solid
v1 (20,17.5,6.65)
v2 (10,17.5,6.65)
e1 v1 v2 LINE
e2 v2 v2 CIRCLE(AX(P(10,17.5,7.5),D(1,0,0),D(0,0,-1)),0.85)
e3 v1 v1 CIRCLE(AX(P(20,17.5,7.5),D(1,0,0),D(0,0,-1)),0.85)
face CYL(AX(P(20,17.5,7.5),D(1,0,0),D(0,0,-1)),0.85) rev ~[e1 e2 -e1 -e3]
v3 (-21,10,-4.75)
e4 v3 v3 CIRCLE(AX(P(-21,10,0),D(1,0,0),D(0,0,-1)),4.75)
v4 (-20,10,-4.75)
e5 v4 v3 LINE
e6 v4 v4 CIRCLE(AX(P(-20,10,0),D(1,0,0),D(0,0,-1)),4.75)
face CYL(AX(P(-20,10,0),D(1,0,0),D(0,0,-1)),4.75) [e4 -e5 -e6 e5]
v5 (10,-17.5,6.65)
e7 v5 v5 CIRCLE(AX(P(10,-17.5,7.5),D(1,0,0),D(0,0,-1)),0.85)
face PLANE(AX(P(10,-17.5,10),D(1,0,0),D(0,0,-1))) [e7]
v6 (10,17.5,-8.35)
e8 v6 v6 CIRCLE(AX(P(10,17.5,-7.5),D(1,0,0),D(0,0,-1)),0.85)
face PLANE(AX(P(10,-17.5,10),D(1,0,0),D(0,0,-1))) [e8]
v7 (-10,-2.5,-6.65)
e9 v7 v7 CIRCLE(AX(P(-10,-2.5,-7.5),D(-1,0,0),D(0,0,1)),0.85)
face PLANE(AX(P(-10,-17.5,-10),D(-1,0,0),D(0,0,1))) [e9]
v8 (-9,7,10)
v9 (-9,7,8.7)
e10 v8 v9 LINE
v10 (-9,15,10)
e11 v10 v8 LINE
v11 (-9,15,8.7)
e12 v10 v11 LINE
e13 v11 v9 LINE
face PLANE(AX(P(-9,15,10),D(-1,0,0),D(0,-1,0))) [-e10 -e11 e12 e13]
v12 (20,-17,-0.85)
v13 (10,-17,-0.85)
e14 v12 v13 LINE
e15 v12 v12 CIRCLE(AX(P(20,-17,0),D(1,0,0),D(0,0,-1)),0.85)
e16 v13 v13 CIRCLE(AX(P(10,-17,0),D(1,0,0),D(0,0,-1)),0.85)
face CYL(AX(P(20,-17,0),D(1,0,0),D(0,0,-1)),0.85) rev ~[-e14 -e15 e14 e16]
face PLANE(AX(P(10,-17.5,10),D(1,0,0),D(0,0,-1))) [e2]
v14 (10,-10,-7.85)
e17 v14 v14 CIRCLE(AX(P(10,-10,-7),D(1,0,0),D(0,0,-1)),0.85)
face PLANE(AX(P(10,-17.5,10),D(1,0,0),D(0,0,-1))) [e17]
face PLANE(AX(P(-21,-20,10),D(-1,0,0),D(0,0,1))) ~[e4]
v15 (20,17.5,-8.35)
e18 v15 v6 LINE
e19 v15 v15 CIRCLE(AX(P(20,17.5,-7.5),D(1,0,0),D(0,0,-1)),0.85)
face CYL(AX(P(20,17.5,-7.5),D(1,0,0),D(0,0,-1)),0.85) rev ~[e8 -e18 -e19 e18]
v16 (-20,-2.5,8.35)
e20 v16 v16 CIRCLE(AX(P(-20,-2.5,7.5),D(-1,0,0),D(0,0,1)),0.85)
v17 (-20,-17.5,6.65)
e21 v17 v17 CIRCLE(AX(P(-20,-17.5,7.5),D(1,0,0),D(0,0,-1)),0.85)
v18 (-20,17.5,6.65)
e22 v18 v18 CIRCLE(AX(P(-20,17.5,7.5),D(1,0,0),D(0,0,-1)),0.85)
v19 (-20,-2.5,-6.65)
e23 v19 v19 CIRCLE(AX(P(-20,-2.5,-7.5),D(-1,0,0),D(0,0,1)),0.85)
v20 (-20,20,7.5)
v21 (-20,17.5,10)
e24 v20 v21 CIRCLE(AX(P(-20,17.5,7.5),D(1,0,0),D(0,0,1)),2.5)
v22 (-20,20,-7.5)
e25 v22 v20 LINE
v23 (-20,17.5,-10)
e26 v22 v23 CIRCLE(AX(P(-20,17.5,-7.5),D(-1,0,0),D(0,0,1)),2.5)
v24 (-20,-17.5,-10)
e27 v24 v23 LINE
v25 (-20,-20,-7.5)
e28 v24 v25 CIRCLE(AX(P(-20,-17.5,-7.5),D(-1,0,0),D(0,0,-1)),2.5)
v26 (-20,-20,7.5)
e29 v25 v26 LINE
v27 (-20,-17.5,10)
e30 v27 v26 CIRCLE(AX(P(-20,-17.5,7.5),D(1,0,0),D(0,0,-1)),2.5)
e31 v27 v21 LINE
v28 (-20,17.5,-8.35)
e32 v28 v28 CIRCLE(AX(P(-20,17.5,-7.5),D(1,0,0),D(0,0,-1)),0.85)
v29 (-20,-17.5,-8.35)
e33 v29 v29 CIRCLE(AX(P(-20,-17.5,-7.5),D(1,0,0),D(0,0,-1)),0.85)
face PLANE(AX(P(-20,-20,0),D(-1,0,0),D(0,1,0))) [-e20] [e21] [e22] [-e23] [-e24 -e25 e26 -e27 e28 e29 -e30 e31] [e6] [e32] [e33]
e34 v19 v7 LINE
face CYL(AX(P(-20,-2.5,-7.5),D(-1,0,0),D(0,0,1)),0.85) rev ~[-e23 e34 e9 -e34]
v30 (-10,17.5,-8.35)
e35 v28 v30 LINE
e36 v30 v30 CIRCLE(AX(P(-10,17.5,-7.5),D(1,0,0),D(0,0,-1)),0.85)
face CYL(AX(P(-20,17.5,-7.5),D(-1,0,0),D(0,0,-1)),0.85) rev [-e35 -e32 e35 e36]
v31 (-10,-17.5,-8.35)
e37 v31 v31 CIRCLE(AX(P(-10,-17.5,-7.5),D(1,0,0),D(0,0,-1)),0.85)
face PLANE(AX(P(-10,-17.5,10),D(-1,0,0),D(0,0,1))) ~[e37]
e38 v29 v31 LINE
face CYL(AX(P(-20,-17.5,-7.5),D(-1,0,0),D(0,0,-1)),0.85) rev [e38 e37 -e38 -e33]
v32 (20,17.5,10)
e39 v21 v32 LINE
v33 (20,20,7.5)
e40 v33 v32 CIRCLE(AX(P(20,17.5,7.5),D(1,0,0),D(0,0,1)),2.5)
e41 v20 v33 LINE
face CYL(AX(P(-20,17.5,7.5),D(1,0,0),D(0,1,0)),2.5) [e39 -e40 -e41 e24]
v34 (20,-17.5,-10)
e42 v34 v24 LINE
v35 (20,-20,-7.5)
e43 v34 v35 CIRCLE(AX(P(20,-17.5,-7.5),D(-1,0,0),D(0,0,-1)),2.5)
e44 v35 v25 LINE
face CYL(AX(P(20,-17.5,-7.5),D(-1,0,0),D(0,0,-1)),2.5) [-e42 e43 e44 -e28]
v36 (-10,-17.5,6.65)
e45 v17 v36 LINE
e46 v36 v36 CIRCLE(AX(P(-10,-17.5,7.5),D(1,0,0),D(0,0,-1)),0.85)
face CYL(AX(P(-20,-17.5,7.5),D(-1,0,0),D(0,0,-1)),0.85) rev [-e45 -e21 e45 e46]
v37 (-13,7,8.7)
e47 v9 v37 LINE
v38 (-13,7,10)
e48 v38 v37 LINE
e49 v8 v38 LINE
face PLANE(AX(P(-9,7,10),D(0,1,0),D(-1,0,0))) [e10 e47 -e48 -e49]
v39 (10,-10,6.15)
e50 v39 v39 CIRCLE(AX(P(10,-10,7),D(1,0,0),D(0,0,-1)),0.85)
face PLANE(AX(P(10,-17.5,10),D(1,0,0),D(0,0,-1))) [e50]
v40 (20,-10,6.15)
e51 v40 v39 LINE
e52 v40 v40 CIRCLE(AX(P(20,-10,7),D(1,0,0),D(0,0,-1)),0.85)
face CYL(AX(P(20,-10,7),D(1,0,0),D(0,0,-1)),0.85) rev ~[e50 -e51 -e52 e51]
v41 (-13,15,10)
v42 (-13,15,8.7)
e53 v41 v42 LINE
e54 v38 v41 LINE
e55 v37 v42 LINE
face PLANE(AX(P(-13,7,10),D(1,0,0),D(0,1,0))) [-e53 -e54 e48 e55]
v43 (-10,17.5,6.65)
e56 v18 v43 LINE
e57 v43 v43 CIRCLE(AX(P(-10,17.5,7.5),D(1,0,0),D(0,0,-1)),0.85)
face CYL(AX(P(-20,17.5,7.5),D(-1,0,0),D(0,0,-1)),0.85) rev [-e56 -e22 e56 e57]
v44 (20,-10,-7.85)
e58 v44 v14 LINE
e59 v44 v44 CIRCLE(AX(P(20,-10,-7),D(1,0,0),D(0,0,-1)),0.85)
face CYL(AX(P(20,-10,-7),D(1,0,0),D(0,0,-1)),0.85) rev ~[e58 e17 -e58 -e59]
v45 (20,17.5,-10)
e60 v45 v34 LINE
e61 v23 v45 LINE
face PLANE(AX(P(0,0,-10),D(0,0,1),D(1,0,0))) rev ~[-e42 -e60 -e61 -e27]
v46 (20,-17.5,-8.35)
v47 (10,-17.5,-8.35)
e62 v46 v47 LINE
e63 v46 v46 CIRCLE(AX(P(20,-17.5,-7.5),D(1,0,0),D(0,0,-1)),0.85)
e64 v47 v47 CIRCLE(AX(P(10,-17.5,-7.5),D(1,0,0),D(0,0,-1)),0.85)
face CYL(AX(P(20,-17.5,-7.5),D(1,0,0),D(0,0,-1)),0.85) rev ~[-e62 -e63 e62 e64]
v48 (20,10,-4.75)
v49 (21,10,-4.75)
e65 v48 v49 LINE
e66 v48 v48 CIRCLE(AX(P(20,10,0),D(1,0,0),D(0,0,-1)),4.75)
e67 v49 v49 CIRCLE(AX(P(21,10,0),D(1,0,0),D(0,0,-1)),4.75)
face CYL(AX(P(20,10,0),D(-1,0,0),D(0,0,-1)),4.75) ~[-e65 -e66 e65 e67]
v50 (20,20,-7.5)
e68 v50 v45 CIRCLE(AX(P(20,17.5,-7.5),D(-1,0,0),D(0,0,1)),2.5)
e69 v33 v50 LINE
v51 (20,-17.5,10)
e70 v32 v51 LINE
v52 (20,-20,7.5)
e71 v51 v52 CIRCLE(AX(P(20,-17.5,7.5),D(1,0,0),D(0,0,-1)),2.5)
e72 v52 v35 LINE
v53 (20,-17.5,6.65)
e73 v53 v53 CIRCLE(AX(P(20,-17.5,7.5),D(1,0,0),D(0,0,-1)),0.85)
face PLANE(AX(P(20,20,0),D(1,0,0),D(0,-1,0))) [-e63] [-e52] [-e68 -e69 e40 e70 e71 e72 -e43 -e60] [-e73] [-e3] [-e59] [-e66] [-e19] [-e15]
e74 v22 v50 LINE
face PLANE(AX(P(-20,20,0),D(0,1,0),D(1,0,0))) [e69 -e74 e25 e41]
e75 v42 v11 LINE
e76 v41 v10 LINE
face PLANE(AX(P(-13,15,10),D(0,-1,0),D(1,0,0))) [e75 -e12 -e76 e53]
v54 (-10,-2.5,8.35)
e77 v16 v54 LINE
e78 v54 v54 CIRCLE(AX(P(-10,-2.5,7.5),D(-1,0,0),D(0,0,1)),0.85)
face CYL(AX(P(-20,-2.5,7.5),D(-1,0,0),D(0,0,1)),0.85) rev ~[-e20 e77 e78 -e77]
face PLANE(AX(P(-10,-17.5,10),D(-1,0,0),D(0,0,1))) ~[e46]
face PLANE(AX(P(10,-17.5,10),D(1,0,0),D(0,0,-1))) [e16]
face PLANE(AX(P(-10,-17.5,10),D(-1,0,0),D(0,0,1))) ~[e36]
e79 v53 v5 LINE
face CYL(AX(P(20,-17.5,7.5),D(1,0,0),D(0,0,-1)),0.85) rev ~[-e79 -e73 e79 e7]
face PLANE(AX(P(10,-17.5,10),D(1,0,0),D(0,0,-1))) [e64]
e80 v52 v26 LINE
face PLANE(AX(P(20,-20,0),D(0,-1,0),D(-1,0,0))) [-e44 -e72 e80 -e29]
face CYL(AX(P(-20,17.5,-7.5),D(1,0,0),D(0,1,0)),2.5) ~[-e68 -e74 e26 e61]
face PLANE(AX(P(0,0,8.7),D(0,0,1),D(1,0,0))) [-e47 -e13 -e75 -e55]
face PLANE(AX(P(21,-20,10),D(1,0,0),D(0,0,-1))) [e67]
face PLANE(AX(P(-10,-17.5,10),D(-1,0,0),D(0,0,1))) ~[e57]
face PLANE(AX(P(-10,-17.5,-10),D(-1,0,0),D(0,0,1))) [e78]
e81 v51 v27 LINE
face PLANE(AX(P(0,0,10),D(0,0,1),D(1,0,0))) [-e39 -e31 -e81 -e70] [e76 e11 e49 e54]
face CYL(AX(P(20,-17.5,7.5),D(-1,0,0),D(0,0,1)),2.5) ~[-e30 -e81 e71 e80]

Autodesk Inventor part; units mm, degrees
ref_plane "YZ Plane" through (0, 0, 0) normal (1, 0, 0) x (0, 1, 0)
ref_plane "XZ Plane" through (0, 0, 0) normal (0, 1, 0) x (-1, 0, 0)
ref_plane "XY Plane" through (0, 0, 0) normal (0, 0, 1) x (1, 0, 0)
sketch "Base" plane through (0, 0, 0) normal (0, 0, 1) x (1, 0, 0)
  line L0 (-20, 20) -> (20, 20)
  line L1 (20, 20) -> (20, -20)
  line L2 (20, -20) -> (-20, -20)
  line L3 (-20, -20) -> (-20, 20)
  line L4 (0, 20) -> (0, -20) construction
  point P0 (0, 0)
  point P1 (0, 0)
  dimension "d0" = 40
  dimension "d1" = 40
extrude "BaseFeature" add sketch "Base" along normal mid plane 20
sketch "Axis" plane through (20, -20, 10) normal (1, 0, 0) x (0, 0, -1)
  circle A0 centre (10, 30) radius 10 construction
  line L0 (20, 40) -> (0, 40) construction
  line L1 (0, 0) -> (0, 40) construction
  circle A1 centre (10, 30) radius 4.75
  line L2 (20, 40) -> (20, 0) projected
  point P0 (10, 20)
  dimension "d4" = 9.5
extrude "AxisFeature" add sketch "Axis" along normal blind 1
mirror "AxisMirrorFeature" about plane through (0, 0, 0) normal (1, 0, 0) of "AxisFeature"
sketch "Sketch3" plane through (0, 0, 10) normal (0, 0, 1) x (1, 0, 0)
  line L0 (-13, 15) -> (-9, 15)
  line L1 (-9, 15) -> (-9, 7)
  line L2 (-9, 7) -> (-13, 7)
  line L3 (-13, 7) -> (-13, 15)
  line L4 (20, 20) -> (-20, 20) projected
  line L5 (-20, 20) -> (-20, -20) projected
  point P0 (0, 0)
  point P1 (-11, 15)
  dimension "d7" = 8
  dimension "d8" = 4
  dimension "d9" = 5
  dimension "d10" = 7
extrude "Extrusion3" cut sketch "Sketch3" against normal blind 1.3
fillet "Fillet1" radius 2.5 4 edges at (0, 20, 10) (0, -20, 10) (0, -20, -10) (0, 20, -10)
sketch "Sketch4" plane through (20, -17.5, 10) normal (1, 0, 0) x (0, 0, -1)
  arc A0 (2.5, 37.5) -> (0, 35) centre (2.5, 35) ccw projected
  arc A1 (20, 35) -> (17.5, 37.5) centre (17.5, 35) ccw projected
  arc A2 (0, 0) -> (2.5, -2.5) centre (2.5, 0) ccw projected
  arc A3 (17.5, -2.5) -> (20, 0) centre (17.5, 0) ccw projected
  circle A4 centre (2.5, 35) radius 0.85
  circle A5 centre (17.5, 35) radius 0.85
  circle A6 centre (2.5, 0) radius 0.85
  circle A7 centre (17.5, 0) radius 0.85
  point P0 (10, 17.5)
  dimension "d14" = 1.7
extrude "Extrusion4" cut sketch "Sketch4" against normal blind 10
mirror "Mirror2" about plane through (0, 0, 0) normal (1, 0, 0) of "Extrusion4"
sketch "Sketch6" plane through (-20, -17.5, -10) normal (-1, 0, 0) x (0, 0, 1)
  circle A0 centre (17.5, 0) radius 0.85 construction
  circle A1 centre (2.5, 0) radius 0.85 construction
  line L0 (17.5, 0) -> (2.5, 0) construction
  line L1 (2.5, 0) -> (2.5, 15) construction
  line L2 (2.5, 15) -> (17.5, 15) construction
  line L3 (17.5, 15) -> (17.5, 0) construction
  circle A2 centre (17.5, 15) radius 0.85
  circle A3 centre (2.5, 15) radius 0.85
  point P0 (10, 17.5)
  dimension "d18" = 15
extrude "Extrusion5" cut sketch "Sketch6" against normal blind 10
sketch "Sketch7" plane through (20, -17.5, 10) normal (1, 0, 0) x (0, 0, -1)
  line L0 (0, 0) -> (0, 35) construction
  line L1 (20, 35) -> (20, 0) construction
  circle A0 centre (10, 7.5) radius 10 construction
  line L2 (17.5, -2.5) -> (2.5, -2.5) construction
  circle A1 centre (10, 7.5) radius 4 construction
  line L3 (10, 17.5) -> (10, -2.5) construction
  line L4 (0, 7.5) -> (20, 7.5) construction
  line L5 (10, 11.5) -> (10, 17.5) construction
  circle A2 centre (10, 14.5) radius 0.85
  line L6 (10, 3.5) -> (10, -2.5) construction
  line L7 (20, 0) -> (20, 35) projected
  circle A3 centre (10, 0.5) radius 0.85
  line L8 (0, 7.5) -> (6, 7.5) construction
  line L9 (14, 7.5) -> (20, 7.5) construction
  circle A4 centre (3, 7.5) radius 0.85
  circle A5 centre (17, 7.5) radius 0.85
  circle A6 centre (2.5, 0) radius 0.85 projected
  dimension "d21" = 8
extrude "Extrusion6" cut sketch "Sketch7" against normal blind 10 contours A3 | A4 | A5
ref_plane "Work Plane1" through (0, 0, 0) normal (1, 0, 0) x (0, 1, 0)
properties part number "FeeTechSTS3025BL"
